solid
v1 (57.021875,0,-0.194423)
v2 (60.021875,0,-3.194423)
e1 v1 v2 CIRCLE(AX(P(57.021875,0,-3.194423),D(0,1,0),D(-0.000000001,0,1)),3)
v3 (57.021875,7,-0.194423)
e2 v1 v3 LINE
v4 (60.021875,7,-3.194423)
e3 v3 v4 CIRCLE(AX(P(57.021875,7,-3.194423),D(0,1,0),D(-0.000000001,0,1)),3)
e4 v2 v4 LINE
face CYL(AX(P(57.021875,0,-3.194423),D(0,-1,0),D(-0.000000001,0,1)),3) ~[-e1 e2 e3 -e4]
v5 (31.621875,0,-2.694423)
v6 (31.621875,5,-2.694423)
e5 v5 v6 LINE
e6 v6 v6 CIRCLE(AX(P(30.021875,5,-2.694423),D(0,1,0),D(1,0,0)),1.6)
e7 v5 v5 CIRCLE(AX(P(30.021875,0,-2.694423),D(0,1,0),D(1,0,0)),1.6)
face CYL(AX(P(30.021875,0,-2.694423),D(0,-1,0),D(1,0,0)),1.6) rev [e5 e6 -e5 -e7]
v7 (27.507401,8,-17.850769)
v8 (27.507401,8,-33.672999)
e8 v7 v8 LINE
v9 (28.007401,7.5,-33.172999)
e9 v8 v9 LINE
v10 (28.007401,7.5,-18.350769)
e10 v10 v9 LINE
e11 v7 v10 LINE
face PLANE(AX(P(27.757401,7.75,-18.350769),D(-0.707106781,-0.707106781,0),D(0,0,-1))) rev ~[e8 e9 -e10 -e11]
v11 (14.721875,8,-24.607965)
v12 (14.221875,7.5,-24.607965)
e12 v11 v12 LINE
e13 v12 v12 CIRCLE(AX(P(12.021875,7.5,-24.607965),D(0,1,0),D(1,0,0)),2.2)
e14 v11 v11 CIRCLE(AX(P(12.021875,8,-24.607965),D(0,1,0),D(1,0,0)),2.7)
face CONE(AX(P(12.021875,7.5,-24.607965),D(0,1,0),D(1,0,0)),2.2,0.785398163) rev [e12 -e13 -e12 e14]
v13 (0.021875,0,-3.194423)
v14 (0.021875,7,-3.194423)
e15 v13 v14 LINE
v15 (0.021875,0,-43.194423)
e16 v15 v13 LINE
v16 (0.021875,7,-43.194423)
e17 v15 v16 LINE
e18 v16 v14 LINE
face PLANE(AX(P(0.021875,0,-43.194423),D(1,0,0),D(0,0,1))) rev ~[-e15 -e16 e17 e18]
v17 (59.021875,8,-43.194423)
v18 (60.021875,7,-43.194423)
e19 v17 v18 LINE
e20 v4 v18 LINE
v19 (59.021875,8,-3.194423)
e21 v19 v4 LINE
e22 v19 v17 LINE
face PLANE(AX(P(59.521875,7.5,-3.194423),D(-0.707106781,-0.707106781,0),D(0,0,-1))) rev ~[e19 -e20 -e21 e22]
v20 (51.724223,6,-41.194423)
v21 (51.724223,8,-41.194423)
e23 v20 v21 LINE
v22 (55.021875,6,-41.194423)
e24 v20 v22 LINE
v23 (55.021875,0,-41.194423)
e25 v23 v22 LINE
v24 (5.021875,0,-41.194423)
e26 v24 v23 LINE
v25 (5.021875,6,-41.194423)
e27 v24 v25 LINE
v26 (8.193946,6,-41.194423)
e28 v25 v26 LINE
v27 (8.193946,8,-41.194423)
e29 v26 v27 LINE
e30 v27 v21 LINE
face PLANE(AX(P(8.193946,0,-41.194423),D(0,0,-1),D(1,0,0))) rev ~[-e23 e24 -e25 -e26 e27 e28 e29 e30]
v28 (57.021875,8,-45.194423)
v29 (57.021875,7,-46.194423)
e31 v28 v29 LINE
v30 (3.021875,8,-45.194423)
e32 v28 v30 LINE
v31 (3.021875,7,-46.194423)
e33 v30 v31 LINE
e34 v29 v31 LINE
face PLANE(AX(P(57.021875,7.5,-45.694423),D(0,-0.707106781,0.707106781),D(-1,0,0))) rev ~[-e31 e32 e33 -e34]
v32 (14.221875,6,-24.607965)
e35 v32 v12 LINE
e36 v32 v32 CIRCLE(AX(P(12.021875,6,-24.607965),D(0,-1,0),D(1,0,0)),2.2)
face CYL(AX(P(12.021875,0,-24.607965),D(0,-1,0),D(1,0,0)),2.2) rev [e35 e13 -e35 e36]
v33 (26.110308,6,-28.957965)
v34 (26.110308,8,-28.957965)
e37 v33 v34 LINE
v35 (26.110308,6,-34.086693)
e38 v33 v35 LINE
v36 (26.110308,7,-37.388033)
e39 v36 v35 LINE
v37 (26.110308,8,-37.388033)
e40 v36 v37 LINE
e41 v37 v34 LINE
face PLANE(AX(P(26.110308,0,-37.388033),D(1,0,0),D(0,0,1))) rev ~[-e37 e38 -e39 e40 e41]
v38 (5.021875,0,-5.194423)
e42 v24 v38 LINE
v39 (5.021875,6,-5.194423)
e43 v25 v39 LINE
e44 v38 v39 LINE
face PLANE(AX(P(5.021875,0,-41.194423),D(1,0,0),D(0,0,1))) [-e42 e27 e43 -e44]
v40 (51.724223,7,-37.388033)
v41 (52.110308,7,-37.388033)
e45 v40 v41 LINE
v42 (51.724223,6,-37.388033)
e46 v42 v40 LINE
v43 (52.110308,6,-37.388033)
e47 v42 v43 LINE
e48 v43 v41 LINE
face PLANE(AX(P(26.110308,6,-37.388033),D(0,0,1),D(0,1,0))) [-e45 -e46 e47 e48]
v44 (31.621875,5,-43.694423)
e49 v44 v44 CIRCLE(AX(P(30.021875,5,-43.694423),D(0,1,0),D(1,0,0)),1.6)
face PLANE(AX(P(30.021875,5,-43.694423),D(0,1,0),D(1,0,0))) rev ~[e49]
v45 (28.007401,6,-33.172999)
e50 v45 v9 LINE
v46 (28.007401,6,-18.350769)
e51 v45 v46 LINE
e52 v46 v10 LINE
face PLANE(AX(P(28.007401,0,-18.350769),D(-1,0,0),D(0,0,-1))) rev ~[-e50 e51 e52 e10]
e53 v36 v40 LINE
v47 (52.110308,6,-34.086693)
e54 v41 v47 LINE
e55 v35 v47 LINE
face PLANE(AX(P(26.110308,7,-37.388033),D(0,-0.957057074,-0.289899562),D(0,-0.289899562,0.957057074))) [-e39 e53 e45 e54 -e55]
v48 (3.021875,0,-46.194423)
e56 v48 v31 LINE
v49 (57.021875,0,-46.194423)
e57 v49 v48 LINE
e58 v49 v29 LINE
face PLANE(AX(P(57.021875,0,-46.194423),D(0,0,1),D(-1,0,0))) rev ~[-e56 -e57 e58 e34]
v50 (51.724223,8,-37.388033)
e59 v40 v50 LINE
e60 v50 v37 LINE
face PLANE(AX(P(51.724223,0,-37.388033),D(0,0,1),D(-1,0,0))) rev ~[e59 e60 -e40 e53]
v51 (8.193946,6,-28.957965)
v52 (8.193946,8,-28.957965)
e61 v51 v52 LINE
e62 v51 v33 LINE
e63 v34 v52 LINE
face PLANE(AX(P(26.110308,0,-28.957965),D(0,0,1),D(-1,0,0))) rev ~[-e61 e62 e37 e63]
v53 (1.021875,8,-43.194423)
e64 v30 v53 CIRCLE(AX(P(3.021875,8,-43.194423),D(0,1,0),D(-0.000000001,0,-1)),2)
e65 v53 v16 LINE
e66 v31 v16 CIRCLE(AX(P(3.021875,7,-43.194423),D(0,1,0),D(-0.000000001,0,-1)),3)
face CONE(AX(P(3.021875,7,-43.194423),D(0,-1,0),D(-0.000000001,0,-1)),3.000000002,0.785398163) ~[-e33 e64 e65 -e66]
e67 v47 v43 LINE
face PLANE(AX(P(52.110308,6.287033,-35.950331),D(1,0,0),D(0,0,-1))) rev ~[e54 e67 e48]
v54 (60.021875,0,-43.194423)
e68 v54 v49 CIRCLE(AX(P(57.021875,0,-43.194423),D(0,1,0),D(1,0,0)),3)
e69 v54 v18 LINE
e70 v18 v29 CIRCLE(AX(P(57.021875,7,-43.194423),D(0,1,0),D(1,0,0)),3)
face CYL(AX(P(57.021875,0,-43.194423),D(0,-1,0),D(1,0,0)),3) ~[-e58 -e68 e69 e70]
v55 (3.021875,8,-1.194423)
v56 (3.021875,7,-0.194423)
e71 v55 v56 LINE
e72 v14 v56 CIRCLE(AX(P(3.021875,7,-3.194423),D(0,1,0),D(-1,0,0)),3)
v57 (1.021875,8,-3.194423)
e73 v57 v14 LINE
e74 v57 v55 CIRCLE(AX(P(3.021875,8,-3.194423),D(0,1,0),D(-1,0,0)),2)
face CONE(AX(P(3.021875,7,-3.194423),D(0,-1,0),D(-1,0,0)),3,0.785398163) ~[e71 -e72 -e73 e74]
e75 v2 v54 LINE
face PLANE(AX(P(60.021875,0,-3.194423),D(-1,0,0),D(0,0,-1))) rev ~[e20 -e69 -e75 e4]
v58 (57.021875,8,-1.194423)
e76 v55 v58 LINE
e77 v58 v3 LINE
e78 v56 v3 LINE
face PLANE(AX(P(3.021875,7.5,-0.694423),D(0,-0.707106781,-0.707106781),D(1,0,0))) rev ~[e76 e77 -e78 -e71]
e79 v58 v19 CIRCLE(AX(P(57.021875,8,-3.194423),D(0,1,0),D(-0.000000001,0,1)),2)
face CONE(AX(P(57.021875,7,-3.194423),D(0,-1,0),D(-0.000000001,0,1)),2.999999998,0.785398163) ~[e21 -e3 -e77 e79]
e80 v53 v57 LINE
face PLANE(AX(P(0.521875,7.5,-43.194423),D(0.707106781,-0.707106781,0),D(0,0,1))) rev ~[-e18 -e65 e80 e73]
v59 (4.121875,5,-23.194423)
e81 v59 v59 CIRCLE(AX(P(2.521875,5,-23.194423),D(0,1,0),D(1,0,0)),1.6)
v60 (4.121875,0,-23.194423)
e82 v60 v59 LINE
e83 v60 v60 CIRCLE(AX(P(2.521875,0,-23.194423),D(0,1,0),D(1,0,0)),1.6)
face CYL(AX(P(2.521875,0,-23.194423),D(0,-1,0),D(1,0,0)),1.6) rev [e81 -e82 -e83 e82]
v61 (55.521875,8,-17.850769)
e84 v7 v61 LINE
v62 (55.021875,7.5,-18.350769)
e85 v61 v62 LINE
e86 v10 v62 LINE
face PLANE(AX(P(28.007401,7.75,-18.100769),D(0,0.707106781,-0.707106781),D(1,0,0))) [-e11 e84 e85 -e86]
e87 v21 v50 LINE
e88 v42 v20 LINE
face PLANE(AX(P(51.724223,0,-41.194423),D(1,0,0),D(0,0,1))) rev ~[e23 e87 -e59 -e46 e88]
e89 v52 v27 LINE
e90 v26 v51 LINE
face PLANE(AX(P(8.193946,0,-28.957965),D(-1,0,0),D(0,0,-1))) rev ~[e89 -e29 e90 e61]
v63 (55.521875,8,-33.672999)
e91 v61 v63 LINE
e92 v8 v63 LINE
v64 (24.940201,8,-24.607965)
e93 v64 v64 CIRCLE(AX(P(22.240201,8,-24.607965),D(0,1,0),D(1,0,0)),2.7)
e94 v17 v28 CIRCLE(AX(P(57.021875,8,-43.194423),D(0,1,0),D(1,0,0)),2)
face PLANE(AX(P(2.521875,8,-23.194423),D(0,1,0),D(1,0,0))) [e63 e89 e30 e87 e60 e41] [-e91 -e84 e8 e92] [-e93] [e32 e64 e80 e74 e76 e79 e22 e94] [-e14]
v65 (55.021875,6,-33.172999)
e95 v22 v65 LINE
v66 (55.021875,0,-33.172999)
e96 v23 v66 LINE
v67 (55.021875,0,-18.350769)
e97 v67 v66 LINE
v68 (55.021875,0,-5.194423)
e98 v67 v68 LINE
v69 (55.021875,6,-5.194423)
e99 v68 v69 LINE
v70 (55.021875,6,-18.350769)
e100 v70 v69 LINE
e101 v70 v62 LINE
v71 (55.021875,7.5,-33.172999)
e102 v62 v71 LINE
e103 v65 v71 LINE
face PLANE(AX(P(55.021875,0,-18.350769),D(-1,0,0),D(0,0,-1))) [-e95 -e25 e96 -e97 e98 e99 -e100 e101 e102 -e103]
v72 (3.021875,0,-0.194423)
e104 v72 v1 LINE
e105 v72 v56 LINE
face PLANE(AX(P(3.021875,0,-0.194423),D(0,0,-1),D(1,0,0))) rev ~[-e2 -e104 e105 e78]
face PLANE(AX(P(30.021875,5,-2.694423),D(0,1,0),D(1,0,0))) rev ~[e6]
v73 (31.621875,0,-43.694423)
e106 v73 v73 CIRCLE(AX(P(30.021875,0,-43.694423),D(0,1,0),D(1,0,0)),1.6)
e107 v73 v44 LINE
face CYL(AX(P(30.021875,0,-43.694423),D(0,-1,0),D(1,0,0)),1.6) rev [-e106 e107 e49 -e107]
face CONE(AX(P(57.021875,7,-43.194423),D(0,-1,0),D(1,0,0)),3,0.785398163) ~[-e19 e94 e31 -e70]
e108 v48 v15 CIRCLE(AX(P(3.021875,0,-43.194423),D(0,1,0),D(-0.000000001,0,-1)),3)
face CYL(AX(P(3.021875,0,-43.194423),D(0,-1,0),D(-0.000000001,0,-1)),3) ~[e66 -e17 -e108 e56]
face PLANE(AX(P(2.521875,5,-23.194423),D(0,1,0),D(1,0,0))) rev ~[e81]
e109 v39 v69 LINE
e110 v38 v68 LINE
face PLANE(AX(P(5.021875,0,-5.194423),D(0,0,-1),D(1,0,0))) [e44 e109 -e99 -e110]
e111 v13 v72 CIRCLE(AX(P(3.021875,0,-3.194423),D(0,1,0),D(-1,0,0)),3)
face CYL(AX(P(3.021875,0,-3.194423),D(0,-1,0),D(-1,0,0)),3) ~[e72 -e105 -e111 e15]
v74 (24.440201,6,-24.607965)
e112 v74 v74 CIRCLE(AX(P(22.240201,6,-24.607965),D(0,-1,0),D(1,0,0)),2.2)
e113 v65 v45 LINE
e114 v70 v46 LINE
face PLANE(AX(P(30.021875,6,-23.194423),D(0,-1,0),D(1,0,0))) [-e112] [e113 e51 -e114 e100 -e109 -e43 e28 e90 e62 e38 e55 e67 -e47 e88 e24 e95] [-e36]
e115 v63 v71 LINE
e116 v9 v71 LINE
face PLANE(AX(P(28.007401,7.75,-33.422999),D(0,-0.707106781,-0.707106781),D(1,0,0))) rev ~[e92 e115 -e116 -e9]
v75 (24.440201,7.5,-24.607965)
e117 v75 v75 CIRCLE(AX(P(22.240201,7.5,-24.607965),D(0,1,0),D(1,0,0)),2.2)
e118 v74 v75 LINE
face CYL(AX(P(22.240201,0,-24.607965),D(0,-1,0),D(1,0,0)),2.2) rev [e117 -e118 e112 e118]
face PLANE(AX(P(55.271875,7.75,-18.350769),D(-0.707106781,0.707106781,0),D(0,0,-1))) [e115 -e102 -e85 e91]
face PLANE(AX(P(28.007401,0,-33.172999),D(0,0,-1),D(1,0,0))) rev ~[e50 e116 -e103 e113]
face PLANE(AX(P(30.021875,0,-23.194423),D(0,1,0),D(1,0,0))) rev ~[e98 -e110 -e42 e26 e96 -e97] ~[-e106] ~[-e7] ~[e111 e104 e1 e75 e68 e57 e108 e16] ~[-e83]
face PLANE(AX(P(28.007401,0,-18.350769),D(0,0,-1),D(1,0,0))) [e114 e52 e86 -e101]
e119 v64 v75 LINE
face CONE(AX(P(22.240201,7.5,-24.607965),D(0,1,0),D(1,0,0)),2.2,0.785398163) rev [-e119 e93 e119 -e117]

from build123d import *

# Parameters (mm, degrees)
SKETCH8_R           = 1.6
SKETCH8_W           = 27.014473095
SKETCH8_H           = 14.822230288
SKETCH8_R_2         = 2.2
BOSS_EXTRUDE4_DEPTH = 8
SKETCH13_R          = 1.6
BOSS_EXTRUDE5_DEPTH = 3
CHAMFER1_SIZE       = 1
CHAMFER2_SIZE       = 0.5
CHAMFER3_SIZE       = 0.5
SKETCH14_W          = 50
SKETCH14_H          = 36
CUT_EXTRUDE1_DEPTH  = 6
CUT_EXTRUDE2_DEPTH  = 26


with BuildPart() as part:
    # Sketch8 → Boss-Extrude4 (new body)
    with BuildSketch(Plane(origin=(0, 0, 0), x_dir=(1, 0, 0), z_dir=(0, 1, 0))):
        with BuildLine():
            Line((57.021874501, 46.194423092), (3.021874501, 46.194423092))
            ThreePointArc((3.021874501, 46.194423092), (0.900554158, 45.315743435), (0.021874501, 43.194423092))
            Line((0.021874501, 43.194423092), (0.021874501, 3.194423092))
            ThreePointArc((0.021874501, 3.194423092), (0.900554158, 1.073102748), (3.021874501, 0.194423092))
            Line((3.021874501, 0.194423092), (57.021874501, 0.194423092))
            ThreePointArc((57.021874501, 0.194423092), (59.143194845, 1.073102748), (60.021874501, 3.194423092))
            Line((60.021874501, 3.194423092), (60.021874501, 43.194423092))
            ThreePointArc((60.021874501, 43.194423092), (59.143194845, 45.315743435), (57.021874501, 46.194423092))
        make_face()
        with Locations((30.021874501, 2.694423092)):
            Circle(SKETCH8_R, mode=Mode.SUBTRACT)
        with Locations((2.521874501, 23.194423092)):
            Circle(SKETCH8_R, mode=Mode.SUBTRACT)
        with Locations((30.021874501, 43.694423092)):
            Circle(SKETCH8_R, mode=Mode.SUBTRACT)
        Polygon((8.193945871, 28.957965299), (8.193945871, 41.194423092), (51.724223397, 41.194423092), (51.724223397, 37.388033247), (26.110307843, 37.388033247), (26.110307843, 28.957965299), align=None, mode=Mode.SUBTRACT)
        with Locations((41.514637954, 25.761884129)):
            Rectangle(SKETCH8_W, SKETCH8_H, mode=Mode.SUBTRACT)
        with Locations((22.240201254, 24.607965299)):
            Circle(SKETCH8_R_2, mode=Mode.SUBTRACT)
        with Locations((12.021874501, 24.607965299)):
            Circle(SKETCH8_R_2, mode=Mode.SUBTRACT)
    extrude(amount=BOSS_EXTRUDE4_DEPTH)

    # Sketch13 → Boss-Extrude5 (add)
    with BuildSketch(Plane(origin=(0, 8, 0), x_dir=(1, 0, 0), z_dir=(0, 1, 0))):
        with Locations((2.521874501, 23.194423092)):
            Circle(SKETCH13_R)
        with Locations((30.021874501, 2.694423092)):
            Circle(SKETCH13_R)
        with Locations((30.021874501, 43.694423092)):
            Circle(SKETCH13_R)
    extrude(amount=-BOSS_EXTRUDE5_DEPTH)

    # Chamfer1
    chamfer1_edges = [part.edges().sort_by_distance(p)[0] for p in [
        (59.143194845, 8, -1.073102748),
        (60.021874501, 8, -23.194423092),
        (59.143194845, 8, -45.315743435),
        (30.021874501, 8, -46.194423092),
        (0.900554158, 8, -45.315743435),
        (0.021874501, 8, -23.194423092),
        (0.900554158, 8, -1.073102748),
        (30.021874501, 8, -0.194423092),
    ]]
    chamfer(chamfer1_edges, length=CHAMFER1_SIZE)

    # Chamfer2
    chamfer2_edges = [part.edges().sort_by_distance(p)[0] for p in [
        (41.514637954, 8, -33.172999273),
        (55.021874501, 8, -25.761884129),
        (41.514637954, 8, -18.350768985),
        (28.007401406, 8, -25.761884129),
    ]]
    chamfer(chamfer2_edges, length=CHAMFER2_SIZE)

    # Chamfer3
    chamfer3_edges = [part.edges().sort_by_distance(p)[0] for p in [
        (20.040201254, 8, -24.607965299),
        (9.821874501, 8, -24.607965299),
    ]]
    chamfer(chamfer3_edges, length=CHAMFER3_SIZE)

    # Sketch14 → Cut-Extrude1 (cut)
    with BuildSketch(Plane.XZ):
        with Locations((30.021874501, -23.194423092)):
            Rectangle(SKETCH14_W, SKETCH14_H)
    extrude(amount=-CUT_EXTRUDE1_DEPTH, mode=Mode.SUBTRACT)

    # Sketch15 → Cut-Extrude2 (cut)
    with BuildSketch(Plane.ZY.offset(-26.110307843)):
        Polygon((-37.388033247, 7), (-34.086693064, 6), (-37.388033247, 6), align=None)
    extrude(amount=-CUT_EXTRUDE2_DEPTH, mode=Mode.SUBTRACT)


solid = part.part
